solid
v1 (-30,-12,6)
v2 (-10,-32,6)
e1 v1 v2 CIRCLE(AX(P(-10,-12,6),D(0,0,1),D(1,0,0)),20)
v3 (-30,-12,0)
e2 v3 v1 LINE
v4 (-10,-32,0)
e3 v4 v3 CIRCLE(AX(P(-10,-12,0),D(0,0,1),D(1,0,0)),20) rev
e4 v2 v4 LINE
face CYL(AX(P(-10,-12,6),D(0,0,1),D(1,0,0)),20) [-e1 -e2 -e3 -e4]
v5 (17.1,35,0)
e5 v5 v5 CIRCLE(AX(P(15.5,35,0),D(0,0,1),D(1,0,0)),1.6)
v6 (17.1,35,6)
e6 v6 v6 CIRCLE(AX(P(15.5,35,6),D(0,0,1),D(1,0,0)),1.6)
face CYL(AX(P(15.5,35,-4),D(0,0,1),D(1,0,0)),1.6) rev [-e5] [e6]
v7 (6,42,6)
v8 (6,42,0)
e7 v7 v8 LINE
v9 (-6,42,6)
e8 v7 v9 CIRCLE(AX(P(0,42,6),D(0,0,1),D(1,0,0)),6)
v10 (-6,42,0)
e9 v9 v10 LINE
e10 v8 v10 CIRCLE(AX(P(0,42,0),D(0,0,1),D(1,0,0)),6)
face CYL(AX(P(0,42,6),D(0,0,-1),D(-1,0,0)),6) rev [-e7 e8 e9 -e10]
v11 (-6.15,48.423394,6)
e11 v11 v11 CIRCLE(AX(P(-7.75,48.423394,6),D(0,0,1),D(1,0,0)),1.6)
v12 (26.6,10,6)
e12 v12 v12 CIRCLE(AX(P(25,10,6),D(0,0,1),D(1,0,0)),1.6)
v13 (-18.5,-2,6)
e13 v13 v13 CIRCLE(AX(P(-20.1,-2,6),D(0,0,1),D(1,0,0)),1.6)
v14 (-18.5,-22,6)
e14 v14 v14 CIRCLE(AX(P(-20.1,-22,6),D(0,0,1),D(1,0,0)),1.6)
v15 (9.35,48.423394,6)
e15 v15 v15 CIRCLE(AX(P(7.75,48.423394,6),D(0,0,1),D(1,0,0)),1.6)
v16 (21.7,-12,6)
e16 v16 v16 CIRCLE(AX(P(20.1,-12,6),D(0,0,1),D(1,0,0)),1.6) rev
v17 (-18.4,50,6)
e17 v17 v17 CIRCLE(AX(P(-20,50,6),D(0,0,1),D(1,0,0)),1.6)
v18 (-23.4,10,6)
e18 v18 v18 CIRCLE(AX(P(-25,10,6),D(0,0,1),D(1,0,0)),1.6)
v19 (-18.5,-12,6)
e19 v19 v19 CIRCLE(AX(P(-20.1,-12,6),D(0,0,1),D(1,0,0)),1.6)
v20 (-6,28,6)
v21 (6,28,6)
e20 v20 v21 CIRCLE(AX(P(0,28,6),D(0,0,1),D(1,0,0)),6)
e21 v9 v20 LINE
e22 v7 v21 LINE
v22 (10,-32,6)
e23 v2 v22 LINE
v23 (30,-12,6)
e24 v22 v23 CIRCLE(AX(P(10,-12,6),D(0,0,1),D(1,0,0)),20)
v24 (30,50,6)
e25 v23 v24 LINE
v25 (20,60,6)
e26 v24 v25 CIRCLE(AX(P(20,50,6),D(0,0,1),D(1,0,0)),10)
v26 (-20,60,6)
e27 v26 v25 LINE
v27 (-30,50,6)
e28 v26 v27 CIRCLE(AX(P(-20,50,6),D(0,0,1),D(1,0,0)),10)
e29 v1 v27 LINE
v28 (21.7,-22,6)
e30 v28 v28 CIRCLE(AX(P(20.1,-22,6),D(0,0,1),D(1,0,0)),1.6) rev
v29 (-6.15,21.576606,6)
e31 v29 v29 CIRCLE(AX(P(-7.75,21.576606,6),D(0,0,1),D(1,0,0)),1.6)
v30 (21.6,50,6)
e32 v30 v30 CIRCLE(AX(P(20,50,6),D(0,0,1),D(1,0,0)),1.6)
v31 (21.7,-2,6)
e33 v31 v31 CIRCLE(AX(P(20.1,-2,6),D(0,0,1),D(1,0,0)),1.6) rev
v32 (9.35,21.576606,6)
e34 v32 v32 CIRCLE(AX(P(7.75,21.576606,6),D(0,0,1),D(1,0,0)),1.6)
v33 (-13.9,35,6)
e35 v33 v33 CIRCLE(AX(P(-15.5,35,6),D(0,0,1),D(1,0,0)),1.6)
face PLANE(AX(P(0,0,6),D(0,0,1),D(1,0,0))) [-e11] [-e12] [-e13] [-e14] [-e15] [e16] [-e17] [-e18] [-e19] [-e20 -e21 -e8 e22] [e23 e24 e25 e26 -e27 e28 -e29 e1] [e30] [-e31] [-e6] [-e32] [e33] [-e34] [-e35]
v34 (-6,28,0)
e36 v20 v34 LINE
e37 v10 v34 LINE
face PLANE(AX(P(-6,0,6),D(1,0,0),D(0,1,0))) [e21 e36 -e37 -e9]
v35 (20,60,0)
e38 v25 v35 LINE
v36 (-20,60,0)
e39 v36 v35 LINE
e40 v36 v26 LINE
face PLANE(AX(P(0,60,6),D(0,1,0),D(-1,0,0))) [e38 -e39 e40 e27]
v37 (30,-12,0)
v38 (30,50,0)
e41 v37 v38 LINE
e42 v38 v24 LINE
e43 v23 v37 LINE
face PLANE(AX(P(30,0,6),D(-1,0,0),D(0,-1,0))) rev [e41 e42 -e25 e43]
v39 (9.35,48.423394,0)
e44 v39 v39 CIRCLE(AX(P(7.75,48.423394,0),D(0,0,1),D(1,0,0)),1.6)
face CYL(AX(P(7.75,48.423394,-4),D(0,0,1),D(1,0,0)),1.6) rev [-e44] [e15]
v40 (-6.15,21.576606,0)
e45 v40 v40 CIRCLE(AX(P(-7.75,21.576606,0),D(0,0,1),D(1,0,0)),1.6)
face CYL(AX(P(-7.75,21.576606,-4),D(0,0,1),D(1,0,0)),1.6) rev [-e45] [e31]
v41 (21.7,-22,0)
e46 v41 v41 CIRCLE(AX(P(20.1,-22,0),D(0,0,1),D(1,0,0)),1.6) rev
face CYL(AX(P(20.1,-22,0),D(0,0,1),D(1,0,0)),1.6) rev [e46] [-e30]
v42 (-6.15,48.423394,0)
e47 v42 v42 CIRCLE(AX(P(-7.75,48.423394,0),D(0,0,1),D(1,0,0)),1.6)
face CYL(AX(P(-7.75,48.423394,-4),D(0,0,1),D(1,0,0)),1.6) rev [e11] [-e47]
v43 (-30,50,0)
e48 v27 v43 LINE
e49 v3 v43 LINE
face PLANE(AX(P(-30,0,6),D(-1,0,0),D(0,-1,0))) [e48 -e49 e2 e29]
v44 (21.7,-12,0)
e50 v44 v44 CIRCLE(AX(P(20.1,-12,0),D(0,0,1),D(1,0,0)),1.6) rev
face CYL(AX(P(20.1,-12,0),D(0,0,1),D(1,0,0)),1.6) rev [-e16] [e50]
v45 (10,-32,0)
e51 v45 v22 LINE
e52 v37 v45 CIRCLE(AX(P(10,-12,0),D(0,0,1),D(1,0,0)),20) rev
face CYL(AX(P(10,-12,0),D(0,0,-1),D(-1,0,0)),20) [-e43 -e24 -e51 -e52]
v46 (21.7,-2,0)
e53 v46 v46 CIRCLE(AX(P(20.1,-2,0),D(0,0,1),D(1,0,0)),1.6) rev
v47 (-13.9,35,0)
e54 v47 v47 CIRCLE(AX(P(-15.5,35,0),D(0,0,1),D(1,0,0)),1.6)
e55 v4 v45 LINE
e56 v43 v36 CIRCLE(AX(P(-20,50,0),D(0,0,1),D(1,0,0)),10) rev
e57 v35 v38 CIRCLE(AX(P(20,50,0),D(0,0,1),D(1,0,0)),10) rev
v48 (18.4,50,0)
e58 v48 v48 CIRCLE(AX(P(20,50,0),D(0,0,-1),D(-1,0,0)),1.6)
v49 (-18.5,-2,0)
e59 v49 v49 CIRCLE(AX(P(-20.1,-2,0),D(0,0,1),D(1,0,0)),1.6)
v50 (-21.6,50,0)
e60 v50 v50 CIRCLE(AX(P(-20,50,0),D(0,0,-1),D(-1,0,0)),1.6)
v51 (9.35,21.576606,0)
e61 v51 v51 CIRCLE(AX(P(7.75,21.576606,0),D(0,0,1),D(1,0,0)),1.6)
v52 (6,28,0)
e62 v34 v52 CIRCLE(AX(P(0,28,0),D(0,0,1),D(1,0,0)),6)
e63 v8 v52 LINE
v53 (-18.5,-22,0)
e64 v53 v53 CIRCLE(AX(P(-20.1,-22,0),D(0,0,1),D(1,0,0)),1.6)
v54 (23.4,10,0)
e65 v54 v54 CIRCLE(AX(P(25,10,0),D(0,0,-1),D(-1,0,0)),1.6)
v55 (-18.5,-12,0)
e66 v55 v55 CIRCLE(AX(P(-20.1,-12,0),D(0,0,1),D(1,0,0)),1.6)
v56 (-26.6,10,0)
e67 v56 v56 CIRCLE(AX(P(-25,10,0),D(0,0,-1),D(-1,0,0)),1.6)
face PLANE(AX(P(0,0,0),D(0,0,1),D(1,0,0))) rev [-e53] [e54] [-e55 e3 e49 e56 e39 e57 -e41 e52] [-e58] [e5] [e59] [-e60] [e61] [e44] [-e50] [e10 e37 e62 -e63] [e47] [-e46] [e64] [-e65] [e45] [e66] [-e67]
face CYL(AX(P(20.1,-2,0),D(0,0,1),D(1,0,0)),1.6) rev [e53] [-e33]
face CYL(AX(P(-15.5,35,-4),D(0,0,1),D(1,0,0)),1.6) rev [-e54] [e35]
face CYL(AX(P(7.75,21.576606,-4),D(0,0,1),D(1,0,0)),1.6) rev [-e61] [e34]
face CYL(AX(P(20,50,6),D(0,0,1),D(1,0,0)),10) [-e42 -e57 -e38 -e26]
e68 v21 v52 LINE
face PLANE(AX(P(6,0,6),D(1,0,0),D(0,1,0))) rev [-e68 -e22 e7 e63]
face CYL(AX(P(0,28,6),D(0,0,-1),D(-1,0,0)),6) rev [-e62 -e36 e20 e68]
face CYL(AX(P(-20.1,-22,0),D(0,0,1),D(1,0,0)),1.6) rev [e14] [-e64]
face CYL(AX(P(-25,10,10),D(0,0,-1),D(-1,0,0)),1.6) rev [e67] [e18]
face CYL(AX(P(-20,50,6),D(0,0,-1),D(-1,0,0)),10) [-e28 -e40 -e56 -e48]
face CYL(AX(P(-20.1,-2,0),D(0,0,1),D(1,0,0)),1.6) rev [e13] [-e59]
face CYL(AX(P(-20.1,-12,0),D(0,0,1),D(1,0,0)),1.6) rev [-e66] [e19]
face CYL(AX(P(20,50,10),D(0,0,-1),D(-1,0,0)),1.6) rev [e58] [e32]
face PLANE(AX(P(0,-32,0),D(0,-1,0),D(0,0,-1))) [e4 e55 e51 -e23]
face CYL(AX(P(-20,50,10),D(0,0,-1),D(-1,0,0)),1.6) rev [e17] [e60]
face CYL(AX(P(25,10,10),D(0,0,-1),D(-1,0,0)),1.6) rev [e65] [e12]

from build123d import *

# Parameters (mm, degrees)
SKETCH_1_W          = 60
SKETCH_1_H          = 120
SKETCH_1_R          = 1.6
SKETCH_1_R_2        = 2.15
EXTRUDE_3_DEPTH     = 6
SKETCH_9_R          = 1.6
CUT_EXTRUDE_1_DEPTH = 6
FILLET_1_R          = 10
SKETCH_11_R         = 2.15
CUT_EXTRUDE_2_DEPTH = 6
FILLET_2_R          = 20
SKETCH_12_R         = 1.6
CUT_EXTRUDE_3_DEPTH = 10
SKETCH_13_R         = 1.6
CUT_EXTRUDE_4_DEPTH = 10
EXTRUDE_START       = -6
SKETCH_14_R         = 1.6
EXTRUDE_5_DEPTH     = 6


with BuildPart() as part:
    # 草图1 → 凸台-拉伸3 (new body)
    with BuildSketch(Plane.XY):
        Rectangle(SKETCH_1_W, SKETCH_1_H)
        with Locations((0, 50.5)):
            Circle(SKETCH_1_R, mode=Mode.SUBTRACT)
        with Locations((20, -50)):
            Circle(SKETCH_1_R_2, mode=Mode.SUBTRACT)
        with Locations((-20, -50)):
            Circle(SKETCH_1_R_2, mode=Mode.SUBTRACT)
        with Locations((13.423393759, 42.75)):
            Circle(SKETCH_1_R, mode=Mode.SUBTRACT)
        with Locations((13.423393759, 27.25)):
            Circle(SKETCH_1_R, mode=Mode.SUBTRACT)
        with Locations((0, 19.5)):
            Circle(SKETCH_1_R, mode=Mode.SUBTRACT)
        with Locations((-13.423393759, 27.25)):
            Circle(SKETCH_1_R, mode=Mode.SUBTRACT)
        with Locations((-13.423393759, 42.75)):
            Circle(SKETCH_1_R, mode=Mode.SUBTRACT)
        with BuildLine():
            Line((6, 42), (6, 28))
            ThreePointArc((6, 28), (0, 22), (-6, 28))
            Line((-6, 28), (-6, 42))
            ThreePointArc((-6, 42), (0, 48), (6, 42))
        make_face(mode=Mode.SUBTRACT)
    extrude(amount=EXTRUDE_3_DEPTH)

    # 草图9 → 切除-拉伸1 (cut)
    with BuildSketch(Plane.XY.offset(6)):
        with Locations((20.1, -22)):
            Circle(SKETCH_9_R)
        with Locations((20.1, -2)):
            Circle(SKETCH_9_R)
        with Locations((20.1, -12)):
            Circle(SKETCH_9_R)
        with Locations((-20.1, -2)):
            Circle(SKETCH_9_R)
        with Locations((-20.1, -12)):
            Circle(SKETCH_9_R)
        with Locations((-20.1, -22)):
            Circle(SKETCH_9_R)
    extrude(amount=-CUT_EXTRUDE_1_DEPTH, mode=Mode.SUBTRACT)

    # 圆角1
    fillet_1_edges = [part.edges().sort_by_distance(p)[0] for p in [
        (30, -60, 3),
        (-30, -60, 3),
        (-30, 60, 3),
        (30, 60, 3),
    ]]
    fillet(fillet_1_edges, radius=FILLET_1_R)

    # 草图11 → 切除-拉伸2 (cut)
    with BuildSketch(Plane.XY.offset(6)):
        with BuildLine():
            Line((30, -32), (-30, -32))
            Line((-30, -32), (-30, -50))
            ThreePointArc((-30, -50), (-27.071067812, -57.071067812), (-20, -60))
            Line((-20, -60), (20, -60))
            ThreePointArc((20, -60), (27.071067812, -57.071067812), (30, -50))
            Line((30, -50), (30, -32))
        make_face()
        with Locations((-20, -50)):
            Circle(SKETCH_11_R, mode=Mode.SUBTRACT)
        with Locations((20, -50)):
            Circle(SKETCH_11_R, mode=Mode.SUBTRACT)
    extrude(amount=-CUT_EXTRUDE_2_DEPTH, mode=Mode.SUBTRACT)

    # 圆角2
    fillet_2_edges = [part.edges().sort_by_distance(p)[0] for p in [
        (-30, -32, 3),
        (30, -32, 3),
    ]]
    fillet(fillet_2_edges, radius=FILLET_2_R)

    # 草图12 → 切除-拉伸3 (cut)
    with BuildSketch(Plane(origin=(0, 0, 0), x_dir=(-1, 0, 0), z_dir=(0, 0, -1))):
        with Locations((-20, 50)):
            Circle(SKETCH_12_R)
        with Locations((20, 50)):
            Circle(SKETCH_12_R)
        with Locations((25, 10)):
            Circle(SKETCH_12_R)
        with Locations((-25, 10)):
            Circle(SKETCH_12_R)
    extrude(amount=-CUT_EXTRUDE_3_DEPTH, mode=Mode.SUBTRACT)

    # 草图13 → 切除-拉伸4 (cut)
    with BuildSketch(Plane.XY.offset(6)):
        with Locations((-15.5, 35)):
            Circle(SKETCH_13_R)
        with Locations((-7.75, 48.423393759)):
            Circle(SKETCH_13_R)
        with Locations((7.75, 48.423393759)):
            Circle(SKETCH_13_R)
        with Locations((15.5, 35)):
            Circle(SKETCH_13_R)
        with Locations((7.75, 21.576606241)):
            Circle(SKETCH_13_R)
        with Locations((-7.75, 21.576606241)):
            Circle(SKETCH_13_R)
    extrude(amount=-CUT_EXTRUDE_4_DEPTH, mode=Mode.SUBTRACT)

    # 草图14 → 凸台-拉伸5 (add)
    with BuildSketch(Plane.XY.offset(6).offset(EXTRUDE_START)):
        with Locations((0, 50.5)):
            Circle(SKETCH_14_R)
        with Locations((13.423393759, 42.75)):
            Circle(SKETCH_14_R)
        with Locations((13.423393759, 27.25)):
            Circle(SKETCH_14_R)
        with Locations((0, 19.5)):
            Circle(SKETCH_14_R)
        with Locations((-13.423393759, 27.25)):
            Circle(SKETCH_14_R)
        with Locations((-13.423393759, 42.75)):
            Circle(SKETCH_14_R)
    extrude(amount=EXTRUDE_5_DEPTH)


solid = part.part
